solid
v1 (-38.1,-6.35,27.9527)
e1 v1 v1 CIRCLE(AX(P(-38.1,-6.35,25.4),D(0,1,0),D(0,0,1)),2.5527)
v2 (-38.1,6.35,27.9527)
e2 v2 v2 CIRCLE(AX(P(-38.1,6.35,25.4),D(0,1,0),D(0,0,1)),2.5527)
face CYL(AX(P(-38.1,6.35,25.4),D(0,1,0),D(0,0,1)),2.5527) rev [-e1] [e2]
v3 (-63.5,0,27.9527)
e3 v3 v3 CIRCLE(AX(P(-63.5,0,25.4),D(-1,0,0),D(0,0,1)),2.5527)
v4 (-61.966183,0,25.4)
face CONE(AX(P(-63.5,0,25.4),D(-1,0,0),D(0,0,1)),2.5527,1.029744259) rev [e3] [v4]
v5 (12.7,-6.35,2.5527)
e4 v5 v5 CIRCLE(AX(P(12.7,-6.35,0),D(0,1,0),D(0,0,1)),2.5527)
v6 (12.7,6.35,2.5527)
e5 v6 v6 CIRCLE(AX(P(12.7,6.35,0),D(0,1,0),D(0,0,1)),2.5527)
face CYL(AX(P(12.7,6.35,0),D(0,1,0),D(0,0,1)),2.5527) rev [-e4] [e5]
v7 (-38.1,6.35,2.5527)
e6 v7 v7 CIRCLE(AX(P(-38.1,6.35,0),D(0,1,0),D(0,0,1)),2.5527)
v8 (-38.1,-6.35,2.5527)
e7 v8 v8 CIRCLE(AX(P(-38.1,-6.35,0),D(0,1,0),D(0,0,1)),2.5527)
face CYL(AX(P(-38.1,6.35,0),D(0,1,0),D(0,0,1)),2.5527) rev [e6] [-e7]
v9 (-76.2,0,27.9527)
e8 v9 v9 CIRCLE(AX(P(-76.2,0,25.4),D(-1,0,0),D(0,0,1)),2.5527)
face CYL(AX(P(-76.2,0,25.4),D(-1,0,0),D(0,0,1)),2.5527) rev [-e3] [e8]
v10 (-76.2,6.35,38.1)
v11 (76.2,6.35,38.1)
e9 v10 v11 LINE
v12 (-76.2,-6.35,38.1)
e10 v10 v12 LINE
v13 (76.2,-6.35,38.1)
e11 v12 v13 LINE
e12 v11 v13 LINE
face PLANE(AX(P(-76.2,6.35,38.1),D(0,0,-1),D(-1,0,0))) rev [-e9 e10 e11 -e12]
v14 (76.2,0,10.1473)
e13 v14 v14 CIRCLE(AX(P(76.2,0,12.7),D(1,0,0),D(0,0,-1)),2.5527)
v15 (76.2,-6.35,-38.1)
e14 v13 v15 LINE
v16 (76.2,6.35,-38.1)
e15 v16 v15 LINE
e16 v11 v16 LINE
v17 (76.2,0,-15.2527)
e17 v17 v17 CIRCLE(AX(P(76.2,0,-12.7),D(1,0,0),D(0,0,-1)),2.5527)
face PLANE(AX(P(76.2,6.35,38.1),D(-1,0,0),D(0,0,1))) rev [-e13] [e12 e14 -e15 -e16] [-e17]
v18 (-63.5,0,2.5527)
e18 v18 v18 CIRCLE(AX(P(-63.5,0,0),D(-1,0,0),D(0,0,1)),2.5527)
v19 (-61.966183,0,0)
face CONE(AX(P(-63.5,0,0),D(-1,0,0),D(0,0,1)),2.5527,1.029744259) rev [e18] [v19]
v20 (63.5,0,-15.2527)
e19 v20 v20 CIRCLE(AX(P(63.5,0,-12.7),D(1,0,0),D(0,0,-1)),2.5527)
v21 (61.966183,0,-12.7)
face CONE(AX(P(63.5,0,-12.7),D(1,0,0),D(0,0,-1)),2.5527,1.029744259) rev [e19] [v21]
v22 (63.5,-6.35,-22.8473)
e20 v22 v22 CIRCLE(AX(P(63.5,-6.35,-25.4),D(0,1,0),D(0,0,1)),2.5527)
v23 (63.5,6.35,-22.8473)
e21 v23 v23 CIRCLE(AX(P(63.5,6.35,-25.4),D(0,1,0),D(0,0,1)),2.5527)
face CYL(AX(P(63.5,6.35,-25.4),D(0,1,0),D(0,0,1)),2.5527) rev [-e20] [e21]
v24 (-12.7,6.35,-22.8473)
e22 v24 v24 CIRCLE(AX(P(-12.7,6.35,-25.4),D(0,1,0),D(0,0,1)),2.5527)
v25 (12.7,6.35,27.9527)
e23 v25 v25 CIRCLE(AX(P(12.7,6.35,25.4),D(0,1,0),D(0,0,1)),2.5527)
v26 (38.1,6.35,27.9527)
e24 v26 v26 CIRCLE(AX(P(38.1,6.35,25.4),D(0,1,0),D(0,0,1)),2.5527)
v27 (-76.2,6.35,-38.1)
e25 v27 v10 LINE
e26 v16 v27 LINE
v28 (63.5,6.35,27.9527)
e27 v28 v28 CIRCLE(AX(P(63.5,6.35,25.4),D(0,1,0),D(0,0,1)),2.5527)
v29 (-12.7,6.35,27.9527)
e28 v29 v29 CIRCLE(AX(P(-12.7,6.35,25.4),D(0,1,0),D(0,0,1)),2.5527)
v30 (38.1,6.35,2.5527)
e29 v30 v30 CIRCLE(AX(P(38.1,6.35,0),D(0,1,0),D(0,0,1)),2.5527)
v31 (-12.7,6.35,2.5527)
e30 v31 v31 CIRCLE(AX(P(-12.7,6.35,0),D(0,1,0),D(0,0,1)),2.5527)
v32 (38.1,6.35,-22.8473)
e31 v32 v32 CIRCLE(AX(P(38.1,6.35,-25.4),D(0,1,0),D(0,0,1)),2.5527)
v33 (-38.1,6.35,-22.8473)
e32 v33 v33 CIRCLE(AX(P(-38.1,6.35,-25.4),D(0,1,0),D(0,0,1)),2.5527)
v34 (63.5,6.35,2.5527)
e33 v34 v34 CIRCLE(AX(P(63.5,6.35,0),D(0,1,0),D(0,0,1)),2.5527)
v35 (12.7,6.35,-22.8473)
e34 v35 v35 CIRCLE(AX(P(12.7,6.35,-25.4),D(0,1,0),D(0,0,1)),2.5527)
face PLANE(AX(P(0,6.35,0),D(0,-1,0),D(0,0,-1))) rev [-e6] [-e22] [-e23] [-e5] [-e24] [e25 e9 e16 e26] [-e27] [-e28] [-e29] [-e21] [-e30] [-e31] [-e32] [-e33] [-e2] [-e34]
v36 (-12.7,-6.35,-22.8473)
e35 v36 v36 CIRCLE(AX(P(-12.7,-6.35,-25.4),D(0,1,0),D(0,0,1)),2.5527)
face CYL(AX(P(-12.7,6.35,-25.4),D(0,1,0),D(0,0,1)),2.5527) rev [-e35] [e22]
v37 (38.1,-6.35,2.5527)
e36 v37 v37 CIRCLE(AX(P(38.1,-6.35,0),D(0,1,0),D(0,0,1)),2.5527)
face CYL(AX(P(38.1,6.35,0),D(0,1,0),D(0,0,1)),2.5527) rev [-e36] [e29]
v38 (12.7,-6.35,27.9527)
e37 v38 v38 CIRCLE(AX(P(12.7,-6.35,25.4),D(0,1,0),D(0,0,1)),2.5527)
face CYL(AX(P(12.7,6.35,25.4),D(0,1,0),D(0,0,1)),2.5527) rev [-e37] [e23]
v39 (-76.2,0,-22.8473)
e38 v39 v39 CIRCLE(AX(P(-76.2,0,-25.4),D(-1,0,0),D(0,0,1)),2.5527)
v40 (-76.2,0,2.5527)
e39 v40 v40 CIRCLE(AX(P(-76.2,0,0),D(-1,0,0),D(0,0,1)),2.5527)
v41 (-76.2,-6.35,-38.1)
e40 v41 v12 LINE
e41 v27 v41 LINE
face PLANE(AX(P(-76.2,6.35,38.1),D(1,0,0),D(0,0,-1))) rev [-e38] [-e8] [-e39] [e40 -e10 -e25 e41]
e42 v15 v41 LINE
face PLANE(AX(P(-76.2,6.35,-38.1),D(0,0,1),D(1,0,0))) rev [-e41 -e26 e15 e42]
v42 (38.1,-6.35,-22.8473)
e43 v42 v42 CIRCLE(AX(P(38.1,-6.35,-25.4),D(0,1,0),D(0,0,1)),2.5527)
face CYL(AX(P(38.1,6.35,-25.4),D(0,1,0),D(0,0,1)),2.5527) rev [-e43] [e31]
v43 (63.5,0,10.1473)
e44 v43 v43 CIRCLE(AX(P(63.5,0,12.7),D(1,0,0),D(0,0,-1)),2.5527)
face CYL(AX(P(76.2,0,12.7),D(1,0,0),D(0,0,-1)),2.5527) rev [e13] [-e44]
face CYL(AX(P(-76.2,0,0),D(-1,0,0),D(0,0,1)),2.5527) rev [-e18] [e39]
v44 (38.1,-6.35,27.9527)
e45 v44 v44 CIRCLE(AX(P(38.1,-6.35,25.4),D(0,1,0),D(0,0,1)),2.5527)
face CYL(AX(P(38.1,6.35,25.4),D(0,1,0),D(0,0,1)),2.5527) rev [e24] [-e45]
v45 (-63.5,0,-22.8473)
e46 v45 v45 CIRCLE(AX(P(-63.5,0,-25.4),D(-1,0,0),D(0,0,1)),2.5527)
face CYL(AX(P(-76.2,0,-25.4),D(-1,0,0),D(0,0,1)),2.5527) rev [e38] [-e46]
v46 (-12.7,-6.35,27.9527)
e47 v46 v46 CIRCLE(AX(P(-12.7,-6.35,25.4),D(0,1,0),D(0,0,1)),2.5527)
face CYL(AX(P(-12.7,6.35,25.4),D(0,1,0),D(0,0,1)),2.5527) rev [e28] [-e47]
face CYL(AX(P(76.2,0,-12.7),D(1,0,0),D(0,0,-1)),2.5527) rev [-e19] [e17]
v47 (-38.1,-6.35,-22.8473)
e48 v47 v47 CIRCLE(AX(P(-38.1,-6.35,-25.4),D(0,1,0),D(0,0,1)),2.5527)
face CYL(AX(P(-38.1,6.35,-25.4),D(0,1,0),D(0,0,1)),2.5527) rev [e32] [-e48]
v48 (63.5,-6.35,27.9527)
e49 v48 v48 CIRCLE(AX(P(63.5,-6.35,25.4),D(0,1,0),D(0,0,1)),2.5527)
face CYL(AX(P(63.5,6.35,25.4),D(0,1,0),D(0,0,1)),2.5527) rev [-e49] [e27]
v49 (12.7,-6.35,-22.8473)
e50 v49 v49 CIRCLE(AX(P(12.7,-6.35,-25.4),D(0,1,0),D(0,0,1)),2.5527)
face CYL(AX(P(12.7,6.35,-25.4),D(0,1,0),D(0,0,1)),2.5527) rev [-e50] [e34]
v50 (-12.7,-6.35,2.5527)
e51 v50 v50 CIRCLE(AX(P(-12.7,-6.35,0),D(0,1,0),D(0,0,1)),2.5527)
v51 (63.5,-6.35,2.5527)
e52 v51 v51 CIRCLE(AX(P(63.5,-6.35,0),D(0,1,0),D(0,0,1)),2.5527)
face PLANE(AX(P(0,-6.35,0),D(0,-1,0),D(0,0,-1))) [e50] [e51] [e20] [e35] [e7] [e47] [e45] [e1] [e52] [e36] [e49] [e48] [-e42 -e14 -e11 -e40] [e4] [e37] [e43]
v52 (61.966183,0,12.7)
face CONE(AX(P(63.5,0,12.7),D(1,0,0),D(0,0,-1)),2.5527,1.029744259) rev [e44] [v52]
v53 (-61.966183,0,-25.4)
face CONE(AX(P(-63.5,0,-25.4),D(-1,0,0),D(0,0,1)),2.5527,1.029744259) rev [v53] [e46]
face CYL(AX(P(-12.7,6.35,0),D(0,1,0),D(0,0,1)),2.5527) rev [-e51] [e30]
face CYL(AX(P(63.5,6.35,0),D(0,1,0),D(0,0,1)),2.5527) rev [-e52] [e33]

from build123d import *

# Parameters (mm, degrees)
SKETCH1_W                       = 152.4
SKETCH1_H                       = 76.2
BOSS_EXTRUDE1_DEPTH             = 6.35
TAP_DRILL_FOR_1_4_20_TAP1_D     = 5.1054
TAP_DRILL_FOR_1_4_20_TAP2_D     = 5.1054
TAP_DRILL_FOR_1_4_20_TAP2_DEPTH = 12.7
TAP_DRILL_FOR_1_4_20_TAP2_TIP   = 1.533816902
TAP_DRILL_FOR_1_4_20_TAP3_D     = 5.1054
TAP_DRILL_FOR_1_4_20_TAP3_DEPTH = 12.7
TAP_DRILL_FOR_1_4_20_TAP3_TIP   = 1.533816902


with BuildPart() as part:
    # Sketch1 → Boss-Extrude1 (new, symmetric)
    with BuildSketch(Plane(origin=(0, 0, 0), x_dir=(1, 0, 0), z_dir=(0, 1, 0))):
        Rectangle(SKETCH1_W, SKETCH1_H)
    extrude(amount=BOSS_EXTRUDE1_DEPTH, both=True)

    # Tap Drill for 1/4-20 Tap1 (through all)
    with Locations(Plane(origin=(0, 6.35, 0), x_dir=(1, 0, 0), z_dir=(0, 1, 0))):
        with Locations((63.5, 25.4), (38.1, 25.4), (12.7, 25.4), (38.1, 0), (12.7, 0), (38.1, -25.4), (12.7, -25.4), (63.5, 0), (63.5, -25.4), (-12.7, 25.4), (-38.1, 25.4), (-12.7, 0), (-38.1, 0), (-12.7, -25.4), (-38.1, -25.4)):
            Hole(TAP_DRILL_FOR_1_4_20_TAP1_D / 2)

    # Tap Drill for 1/4-20 Tap2
    with Locations(Plane.ZY.offset(76.2)):
        with Locations((-25.4, 0), (0, 0), (25.4, 0)):
            Hole(TAP_DRILL_FOR_1_4_20_TAP2_D / 2, depth=TAP_DRILL_FOR_1_4_20_TAP2_DEPTH)
            with Locations((0, 0, -(TAP_DRILL_FOR_1_4_20_TAP2_DEPTH + TAP_DRILL_FOR_1_4_20_TAP2_TIP / 2))):  # 118° drill point
                Cone(0, TAP_DRILL_FOR_1_4_20_TAP2_D / 2, TAP_DRILL_FOR_1_4_20_TAP2_TIP, mode=Mode.SUBTRACT)

    # Tap Drill for 1/4-20 Tap3
    with Locations(Plane(origin=(76.2, 0, 0), x_dir=(0, 0, -1), z_dir=(1, 0, 0))):
        with Locations((12.7, 0), (-12.7, 0)):
            Hole(TAP_DRILL_FOR_1_4_20_TAP3_D / 2, depth=TAP_DRILL_FOR_1_4_20_TAP3_DEPTH)
            with Locations((0, 0, -(TAP_DRILL_FOR_1_4_20_TAP3_DEPTH + TAP_DRILL_FOR_1_4_20_TAP3_TIP / 2))):  # 118° drill point
                Cone(0, TAP_DRILL_FOR_1_4_20_TAP3_D / 2, TAP_DRILL_FOR_1_4_20_TAP3_TIP, mode=Mode.SUBTRACT)


solid = part.part
